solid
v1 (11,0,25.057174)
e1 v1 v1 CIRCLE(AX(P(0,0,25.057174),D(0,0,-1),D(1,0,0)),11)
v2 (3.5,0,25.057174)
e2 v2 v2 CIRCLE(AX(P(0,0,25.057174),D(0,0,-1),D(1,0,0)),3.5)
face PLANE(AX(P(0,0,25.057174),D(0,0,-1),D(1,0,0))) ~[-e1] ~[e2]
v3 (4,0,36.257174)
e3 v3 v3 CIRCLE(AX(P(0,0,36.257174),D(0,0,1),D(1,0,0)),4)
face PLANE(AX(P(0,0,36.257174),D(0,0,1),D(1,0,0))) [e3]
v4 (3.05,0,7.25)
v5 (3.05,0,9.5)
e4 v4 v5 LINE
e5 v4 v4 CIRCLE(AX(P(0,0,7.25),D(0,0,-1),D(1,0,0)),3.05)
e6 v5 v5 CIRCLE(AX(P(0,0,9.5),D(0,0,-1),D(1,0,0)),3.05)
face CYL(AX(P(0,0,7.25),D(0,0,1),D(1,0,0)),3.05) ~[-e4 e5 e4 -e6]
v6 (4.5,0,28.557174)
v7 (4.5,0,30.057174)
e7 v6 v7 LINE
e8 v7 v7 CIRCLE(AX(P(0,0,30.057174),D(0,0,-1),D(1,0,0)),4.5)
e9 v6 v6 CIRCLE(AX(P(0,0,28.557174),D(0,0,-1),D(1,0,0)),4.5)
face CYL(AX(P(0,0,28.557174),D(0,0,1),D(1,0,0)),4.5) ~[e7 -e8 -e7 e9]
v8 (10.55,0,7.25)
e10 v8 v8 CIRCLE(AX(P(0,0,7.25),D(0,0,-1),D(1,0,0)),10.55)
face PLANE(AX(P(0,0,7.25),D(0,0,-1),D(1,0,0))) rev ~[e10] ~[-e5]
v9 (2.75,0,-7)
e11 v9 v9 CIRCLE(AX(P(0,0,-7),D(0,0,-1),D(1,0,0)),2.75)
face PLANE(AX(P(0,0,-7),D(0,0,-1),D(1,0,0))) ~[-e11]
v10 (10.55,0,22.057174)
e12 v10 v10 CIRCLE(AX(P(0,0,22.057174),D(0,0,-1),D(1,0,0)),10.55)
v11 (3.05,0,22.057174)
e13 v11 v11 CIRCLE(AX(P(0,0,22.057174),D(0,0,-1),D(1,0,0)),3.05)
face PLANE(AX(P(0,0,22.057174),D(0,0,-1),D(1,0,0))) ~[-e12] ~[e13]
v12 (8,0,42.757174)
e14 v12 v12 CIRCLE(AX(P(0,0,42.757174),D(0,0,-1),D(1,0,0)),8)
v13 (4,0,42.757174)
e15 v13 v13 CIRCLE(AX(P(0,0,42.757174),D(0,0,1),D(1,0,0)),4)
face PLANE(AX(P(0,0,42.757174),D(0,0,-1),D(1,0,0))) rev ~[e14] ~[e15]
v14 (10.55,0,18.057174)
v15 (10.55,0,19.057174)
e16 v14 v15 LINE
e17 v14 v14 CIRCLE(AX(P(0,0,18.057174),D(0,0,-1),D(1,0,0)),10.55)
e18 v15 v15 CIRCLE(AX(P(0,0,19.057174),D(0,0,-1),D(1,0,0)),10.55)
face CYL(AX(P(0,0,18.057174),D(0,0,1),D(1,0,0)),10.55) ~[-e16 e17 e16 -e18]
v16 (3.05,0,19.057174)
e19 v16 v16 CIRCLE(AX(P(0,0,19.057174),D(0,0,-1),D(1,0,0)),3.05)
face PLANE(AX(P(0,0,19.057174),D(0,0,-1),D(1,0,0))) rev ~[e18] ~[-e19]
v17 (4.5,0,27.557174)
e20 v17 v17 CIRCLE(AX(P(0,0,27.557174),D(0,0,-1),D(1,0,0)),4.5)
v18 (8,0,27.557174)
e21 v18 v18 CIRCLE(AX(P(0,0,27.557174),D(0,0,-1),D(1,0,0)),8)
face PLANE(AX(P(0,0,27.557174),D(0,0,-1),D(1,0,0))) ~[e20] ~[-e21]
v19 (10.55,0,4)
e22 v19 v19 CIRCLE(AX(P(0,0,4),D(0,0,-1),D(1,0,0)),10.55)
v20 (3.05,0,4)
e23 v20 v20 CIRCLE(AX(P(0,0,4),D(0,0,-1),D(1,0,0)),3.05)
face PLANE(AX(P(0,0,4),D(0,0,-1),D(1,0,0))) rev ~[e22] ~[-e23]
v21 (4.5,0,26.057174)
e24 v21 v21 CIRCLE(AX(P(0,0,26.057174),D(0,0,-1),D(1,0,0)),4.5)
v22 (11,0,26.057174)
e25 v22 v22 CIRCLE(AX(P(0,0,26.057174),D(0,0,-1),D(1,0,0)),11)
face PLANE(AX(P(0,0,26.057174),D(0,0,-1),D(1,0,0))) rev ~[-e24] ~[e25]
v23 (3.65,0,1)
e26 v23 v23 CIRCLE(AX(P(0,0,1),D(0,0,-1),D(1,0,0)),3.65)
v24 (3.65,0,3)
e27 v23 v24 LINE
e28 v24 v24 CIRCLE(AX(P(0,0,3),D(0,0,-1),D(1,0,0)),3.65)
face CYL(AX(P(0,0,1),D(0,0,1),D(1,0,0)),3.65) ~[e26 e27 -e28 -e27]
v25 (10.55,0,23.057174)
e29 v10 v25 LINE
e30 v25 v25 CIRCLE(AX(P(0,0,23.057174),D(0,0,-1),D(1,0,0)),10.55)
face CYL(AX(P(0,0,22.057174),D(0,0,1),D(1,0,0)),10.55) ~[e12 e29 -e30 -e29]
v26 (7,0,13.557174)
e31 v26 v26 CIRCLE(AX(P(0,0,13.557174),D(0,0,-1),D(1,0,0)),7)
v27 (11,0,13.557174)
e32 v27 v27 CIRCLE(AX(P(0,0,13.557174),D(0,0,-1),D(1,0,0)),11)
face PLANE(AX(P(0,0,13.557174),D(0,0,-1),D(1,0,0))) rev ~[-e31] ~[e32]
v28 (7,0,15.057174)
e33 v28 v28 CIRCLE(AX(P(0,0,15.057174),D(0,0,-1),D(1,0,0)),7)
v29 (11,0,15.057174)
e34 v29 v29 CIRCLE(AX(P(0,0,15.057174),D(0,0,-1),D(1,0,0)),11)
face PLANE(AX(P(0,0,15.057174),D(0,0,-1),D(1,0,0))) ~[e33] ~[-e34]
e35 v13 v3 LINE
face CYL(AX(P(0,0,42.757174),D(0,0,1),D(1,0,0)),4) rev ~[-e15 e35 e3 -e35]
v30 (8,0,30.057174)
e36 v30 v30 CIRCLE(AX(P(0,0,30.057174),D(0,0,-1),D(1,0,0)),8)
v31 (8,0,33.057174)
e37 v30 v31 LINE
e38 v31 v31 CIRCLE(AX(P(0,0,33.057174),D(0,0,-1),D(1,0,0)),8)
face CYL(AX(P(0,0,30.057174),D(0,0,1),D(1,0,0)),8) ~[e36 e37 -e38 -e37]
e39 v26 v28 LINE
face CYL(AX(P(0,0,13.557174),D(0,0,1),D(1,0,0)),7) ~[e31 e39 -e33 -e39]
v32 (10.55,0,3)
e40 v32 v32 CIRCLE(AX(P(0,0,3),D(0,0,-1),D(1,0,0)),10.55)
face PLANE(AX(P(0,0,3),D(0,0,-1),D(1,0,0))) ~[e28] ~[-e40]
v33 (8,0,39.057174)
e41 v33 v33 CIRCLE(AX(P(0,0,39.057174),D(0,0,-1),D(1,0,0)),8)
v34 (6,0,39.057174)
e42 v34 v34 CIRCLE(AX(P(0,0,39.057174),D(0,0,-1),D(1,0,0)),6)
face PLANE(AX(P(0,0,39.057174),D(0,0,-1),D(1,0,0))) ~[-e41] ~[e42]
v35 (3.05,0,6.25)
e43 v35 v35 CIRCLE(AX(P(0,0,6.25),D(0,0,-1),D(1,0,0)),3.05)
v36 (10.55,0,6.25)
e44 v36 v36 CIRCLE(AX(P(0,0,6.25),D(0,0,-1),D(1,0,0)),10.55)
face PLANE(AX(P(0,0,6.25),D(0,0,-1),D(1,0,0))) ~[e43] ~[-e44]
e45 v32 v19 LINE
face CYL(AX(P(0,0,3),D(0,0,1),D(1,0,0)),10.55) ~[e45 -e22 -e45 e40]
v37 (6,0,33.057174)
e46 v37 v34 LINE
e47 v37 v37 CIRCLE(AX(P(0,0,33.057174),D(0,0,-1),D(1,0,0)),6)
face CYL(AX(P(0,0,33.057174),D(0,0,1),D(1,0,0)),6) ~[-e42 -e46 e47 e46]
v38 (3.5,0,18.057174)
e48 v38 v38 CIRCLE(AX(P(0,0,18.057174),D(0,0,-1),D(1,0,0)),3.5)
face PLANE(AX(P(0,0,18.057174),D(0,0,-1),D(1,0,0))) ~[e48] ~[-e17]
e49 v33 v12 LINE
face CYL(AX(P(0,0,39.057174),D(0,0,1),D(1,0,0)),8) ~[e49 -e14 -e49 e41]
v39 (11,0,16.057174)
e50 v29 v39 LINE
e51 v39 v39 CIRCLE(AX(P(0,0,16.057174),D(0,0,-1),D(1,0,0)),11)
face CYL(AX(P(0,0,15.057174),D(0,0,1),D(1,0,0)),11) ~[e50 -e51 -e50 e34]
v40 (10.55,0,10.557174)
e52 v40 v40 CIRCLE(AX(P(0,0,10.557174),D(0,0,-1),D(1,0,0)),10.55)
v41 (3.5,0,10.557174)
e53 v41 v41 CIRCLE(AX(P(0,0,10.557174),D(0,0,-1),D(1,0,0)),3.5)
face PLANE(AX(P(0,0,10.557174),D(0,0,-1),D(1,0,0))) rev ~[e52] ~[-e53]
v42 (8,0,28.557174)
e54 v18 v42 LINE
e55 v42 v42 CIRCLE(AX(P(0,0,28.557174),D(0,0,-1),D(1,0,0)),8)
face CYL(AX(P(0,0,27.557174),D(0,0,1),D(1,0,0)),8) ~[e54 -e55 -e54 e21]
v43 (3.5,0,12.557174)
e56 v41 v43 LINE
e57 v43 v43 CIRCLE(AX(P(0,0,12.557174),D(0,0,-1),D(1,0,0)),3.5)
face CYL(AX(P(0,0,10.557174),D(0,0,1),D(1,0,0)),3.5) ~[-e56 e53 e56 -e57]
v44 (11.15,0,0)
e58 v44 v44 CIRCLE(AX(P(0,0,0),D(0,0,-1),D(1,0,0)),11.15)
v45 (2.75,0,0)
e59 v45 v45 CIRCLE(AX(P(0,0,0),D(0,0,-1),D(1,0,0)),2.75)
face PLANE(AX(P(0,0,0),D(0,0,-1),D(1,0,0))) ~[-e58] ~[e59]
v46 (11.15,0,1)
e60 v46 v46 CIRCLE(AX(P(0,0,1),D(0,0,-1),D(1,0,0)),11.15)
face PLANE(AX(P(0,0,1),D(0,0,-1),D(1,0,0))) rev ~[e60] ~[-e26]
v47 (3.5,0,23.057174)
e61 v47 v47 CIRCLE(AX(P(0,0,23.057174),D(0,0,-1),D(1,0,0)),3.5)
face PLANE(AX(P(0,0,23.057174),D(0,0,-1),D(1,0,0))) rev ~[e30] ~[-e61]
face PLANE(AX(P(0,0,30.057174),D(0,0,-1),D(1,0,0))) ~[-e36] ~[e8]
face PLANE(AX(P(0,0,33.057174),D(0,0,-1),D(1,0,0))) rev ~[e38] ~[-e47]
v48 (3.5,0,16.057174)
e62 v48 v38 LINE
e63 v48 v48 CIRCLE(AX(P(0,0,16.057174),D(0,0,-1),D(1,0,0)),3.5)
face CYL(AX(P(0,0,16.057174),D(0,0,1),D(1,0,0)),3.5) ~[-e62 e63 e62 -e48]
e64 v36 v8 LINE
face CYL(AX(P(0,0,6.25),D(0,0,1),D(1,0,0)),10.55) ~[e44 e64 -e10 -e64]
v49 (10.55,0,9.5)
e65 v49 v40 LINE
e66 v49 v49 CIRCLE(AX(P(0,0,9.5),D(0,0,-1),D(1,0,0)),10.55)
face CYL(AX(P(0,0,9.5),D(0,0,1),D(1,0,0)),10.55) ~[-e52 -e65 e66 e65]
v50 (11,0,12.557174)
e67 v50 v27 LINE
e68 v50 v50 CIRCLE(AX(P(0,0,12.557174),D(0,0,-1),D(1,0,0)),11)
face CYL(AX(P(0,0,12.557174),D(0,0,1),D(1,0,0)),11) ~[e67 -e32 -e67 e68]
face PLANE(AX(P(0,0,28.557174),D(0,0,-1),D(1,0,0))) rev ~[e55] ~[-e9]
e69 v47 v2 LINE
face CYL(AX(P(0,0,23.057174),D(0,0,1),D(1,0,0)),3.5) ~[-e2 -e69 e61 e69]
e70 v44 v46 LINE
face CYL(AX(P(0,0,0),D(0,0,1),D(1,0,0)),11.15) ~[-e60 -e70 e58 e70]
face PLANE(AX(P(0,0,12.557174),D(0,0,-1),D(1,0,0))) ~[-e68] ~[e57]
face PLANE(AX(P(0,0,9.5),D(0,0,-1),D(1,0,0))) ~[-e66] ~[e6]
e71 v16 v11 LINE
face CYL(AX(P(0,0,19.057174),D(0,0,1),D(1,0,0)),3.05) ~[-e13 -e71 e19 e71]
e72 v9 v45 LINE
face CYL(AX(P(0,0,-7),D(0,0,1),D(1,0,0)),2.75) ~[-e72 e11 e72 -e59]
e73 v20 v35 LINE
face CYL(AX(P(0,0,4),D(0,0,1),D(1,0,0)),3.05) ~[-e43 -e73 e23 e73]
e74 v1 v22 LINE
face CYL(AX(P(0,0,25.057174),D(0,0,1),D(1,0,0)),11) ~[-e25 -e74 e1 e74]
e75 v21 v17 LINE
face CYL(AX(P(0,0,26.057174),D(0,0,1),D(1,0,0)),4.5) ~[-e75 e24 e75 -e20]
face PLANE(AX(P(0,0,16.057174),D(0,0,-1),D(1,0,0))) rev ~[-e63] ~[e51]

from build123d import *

# Parameters (mm, degrees)
F2_R     = 4
F3_DEPTH = 6.5


with BuildPart() as f1:
    # F0 (on Front) → F1 (revolve)
    with BuildSketch(Plane.XZ):
        Polygon((2.75, -7), (2.75, 0), (11.15, 0), (11.15, 1), (3.65, 1), (3.65, 3), (10.55, 3), (10.55, 4), (3.05, 4), (3.05, 6.25), (10.55, 6.25), (10.55, 7.25), (3.05, 7.25), (3.05, 9.5), (10.55, 9.5), (10.55, 10.557174), (3.5, 10.557174), (3.5, 12.557174), (11, 12.557174), (11, 13.557174), (7, 13.557174), (7, 15.057174), (11, 15.057174), (11, 16.057174), (3.5, 16.057174), (3.5, 18.057174), (10.55, 18.057174), (10.55, 19.057174), (3.05, 19.057174), (3.05, 22.057174), (10.55, 22.057174), (10.55, 23.057174), (3.5, 23.057174), (3.5, 25.057174), (11, 25.057174), (11, 26.057174), (4.5, 26.057174), (4.5, 27.557174), (8, 27.557174), (8, 28.557174), (4.5, 28.557174), (4.5, 30.057174), (8, 30.057174), (8, 33.057174), (6, 33.057174), (6, 39.057174), (8, 39.057174), (8, 42.757174), (0, 42.757174), (0, 0), (0, -7), align=None)
    revolve(axis=Axis((0, 0, 21.378587), (0, 0, -1)))

    # F2 (on face) → F3 (cut)
    with BuildSketch(Plane.XY.offset(42.757174)):
        Circle(F2_R)
    extrude(amount=-F3_DEPTH, mode=Mode.SUBTRACT)


solid = f1.part
